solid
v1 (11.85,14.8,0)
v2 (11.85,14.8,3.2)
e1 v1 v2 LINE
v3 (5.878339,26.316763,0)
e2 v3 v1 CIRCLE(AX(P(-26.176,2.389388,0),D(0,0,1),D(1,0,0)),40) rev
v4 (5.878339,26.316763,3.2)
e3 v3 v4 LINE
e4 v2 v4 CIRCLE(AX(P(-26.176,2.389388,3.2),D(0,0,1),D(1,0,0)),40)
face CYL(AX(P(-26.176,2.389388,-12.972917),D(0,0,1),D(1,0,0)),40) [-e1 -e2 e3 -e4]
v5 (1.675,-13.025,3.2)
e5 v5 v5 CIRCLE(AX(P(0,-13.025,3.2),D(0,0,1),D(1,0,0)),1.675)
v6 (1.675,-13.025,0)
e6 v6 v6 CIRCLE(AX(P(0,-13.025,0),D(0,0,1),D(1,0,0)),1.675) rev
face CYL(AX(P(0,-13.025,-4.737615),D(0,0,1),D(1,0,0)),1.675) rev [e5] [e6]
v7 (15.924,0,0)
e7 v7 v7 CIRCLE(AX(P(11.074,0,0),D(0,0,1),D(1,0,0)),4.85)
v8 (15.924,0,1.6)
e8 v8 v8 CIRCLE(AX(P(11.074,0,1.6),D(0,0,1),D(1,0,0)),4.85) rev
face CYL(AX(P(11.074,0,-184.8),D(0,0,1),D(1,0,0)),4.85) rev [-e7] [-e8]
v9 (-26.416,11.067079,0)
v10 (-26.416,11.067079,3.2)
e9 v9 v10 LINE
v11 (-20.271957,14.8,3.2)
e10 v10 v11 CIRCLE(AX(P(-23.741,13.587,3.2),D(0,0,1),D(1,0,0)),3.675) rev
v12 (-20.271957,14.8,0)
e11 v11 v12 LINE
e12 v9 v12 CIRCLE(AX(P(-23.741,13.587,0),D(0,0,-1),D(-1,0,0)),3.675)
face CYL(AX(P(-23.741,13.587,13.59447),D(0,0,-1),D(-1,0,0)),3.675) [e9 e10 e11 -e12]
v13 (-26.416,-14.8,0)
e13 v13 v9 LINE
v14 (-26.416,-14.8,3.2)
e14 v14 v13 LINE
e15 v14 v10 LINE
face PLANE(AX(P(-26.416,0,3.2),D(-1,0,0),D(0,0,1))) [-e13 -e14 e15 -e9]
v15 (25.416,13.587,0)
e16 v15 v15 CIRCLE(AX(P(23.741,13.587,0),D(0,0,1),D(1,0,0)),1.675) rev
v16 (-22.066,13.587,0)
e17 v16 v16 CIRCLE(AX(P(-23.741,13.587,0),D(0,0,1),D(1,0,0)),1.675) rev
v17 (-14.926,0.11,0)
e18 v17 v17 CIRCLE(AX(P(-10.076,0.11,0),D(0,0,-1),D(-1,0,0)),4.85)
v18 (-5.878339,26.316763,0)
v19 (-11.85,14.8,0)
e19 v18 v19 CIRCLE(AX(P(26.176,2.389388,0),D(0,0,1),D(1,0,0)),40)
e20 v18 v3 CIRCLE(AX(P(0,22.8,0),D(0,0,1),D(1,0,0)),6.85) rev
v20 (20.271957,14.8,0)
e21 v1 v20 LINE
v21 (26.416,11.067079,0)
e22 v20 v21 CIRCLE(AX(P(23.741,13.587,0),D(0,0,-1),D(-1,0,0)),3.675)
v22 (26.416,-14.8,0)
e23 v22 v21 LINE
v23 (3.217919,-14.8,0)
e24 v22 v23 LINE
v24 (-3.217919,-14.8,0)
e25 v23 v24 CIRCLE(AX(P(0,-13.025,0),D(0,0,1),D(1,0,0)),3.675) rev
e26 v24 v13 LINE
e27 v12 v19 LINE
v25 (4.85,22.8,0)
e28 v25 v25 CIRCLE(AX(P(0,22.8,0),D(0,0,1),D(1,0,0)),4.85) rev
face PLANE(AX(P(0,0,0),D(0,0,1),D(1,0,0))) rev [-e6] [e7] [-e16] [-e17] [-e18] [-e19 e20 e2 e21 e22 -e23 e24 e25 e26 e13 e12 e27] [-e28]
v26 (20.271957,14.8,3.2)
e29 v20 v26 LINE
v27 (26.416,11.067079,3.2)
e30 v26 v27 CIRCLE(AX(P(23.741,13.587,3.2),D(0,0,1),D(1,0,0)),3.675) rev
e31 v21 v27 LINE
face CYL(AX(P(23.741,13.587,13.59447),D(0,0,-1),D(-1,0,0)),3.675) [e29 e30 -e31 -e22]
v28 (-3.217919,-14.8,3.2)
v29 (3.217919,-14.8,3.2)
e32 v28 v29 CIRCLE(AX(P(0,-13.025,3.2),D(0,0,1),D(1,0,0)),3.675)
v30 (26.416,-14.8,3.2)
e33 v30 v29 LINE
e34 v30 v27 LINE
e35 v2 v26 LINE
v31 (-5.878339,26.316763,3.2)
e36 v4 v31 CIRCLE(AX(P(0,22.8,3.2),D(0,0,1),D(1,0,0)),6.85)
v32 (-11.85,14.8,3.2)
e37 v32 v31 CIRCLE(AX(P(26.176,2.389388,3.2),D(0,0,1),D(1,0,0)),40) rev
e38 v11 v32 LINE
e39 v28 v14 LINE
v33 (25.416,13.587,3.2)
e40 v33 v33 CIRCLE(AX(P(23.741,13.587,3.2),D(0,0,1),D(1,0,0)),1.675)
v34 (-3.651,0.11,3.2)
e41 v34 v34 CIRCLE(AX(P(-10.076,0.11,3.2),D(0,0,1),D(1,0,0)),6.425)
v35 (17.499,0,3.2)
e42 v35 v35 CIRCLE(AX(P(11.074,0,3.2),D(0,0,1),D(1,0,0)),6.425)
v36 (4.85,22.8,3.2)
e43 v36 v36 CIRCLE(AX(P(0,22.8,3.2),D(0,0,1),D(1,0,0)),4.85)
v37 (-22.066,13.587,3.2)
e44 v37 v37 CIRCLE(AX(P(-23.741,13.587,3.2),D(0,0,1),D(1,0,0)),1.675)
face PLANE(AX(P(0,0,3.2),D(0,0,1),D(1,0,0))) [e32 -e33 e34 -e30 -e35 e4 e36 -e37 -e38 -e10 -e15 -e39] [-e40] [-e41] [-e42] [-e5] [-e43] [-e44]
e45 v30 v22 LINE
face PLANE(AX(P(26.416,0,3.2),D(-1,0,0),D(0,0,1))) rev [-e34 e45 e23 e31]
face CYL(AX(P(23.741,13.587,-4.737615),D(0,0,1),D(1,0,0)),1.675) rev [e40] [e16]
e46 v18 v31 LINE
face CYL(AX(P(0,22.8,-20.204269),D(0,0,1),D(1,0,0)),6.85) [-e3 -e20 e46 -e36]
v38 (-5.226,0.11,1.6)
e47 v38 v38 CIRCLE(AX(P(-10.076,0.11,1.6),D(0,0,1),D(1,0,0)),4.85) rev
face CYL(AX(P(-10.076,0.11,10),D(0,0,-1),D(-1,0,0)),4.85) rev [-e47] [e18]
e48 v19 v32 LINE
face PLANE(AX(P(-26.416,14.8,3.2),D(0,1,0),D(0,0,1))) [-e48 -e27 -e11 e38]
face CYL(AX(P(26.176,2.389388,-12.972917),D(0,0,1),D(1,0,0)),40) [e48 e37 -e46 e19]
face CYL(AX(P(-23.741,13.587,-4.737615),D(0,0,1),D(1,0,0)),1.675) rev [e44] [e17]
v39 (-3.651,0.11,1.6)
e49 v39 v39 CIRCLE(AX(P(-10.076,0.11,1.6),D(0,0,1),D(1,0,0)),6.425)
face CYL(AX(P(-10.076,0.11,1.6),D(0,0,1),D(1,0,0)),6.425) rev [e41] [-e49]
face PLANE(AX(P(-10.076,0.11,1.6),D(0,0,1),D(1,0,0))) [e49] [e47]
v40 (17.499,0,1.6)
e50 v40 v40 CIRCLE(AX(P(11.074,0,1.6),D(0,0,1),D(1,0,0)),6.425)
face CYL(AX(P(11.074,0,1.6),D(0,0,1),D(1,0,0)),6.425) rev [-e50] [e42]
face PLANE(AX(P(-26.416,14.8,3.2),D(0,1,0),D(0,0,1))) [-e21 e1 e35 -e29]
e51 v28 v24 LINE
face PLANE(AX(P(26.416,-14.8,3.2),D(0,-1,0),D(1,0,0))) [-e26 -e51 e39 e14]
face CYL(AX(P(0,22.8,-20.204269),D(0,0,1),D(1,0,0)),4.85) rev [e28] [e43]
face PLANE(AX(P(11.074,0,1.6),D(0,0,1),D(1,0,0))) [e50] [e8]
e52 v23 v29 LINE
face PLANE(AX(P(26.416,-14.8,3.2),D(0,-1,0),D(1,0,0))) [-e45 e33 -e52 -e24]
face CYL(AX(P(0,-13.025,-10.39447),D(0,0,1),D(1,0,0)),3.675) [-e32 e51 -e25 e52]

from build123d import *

# Parameters (mm, degrees)
SKETCH1_W            = 6.266
SKETCH1_H            = 19.6
SKETCH1_R            = 1.475
SKETCH1_W_2          = 52.832
SKETCH1_H_2          = 5
BOSS_EXTRUDE2_DEPTH  = 3.2
SKETCH3_R            = 6.85
SKETCH3_R_2          = 4.85
BOSS_EXTRUDE3_DEPTH  = 5.975
SKETCH5_R            = 6.85
CUT_EXTRUDE2_DEPTH   = 2.4892
SKETCH10_R           = 6.846
BOSS_EXTRUDE10_DEPTH = 3.4858
SKETCH11_W           = 13.7
SKETCH11_H           = 5
BOSS_EXTRUDE11_DEPTH = 5.975
SKETCH15_W           = 52.832
SKETCH15_H           = 29.6
BOSS_EXTRUDE13_DEPTH = 3.2
SKETCH18_R           = 4.85
CUT_EXTRUDE9_DEPTH   = 32.638989886
SKETCH17_W           = 26.060927771
SKETCH17_H           = 40.585710908
CUT_EXTRUDE10_DEPTH  = 5.975
SKETCH12_W           = 52.832
SKETCH12_H           = 29.6
BOSS_EXTRUDE12_DEPTH = 3.2
SKETCH13_R           = 4.85
CUT_EXTRUDE3_DEPTH   = 10
SKETCH19_R           = 1.675
CUT_EXTRUDE11_DEPTH  = 3.2
SKETCH20_R           = 3.675
SKETCH20_R_2         = 1.675
BOSS_EXTRUDE14_DEPTH = 3.2
BOSS_EXTRUDE15_START = -3.2
SKETCH21_R           = 3.675
SKETCH21_R_2         = 1.675
BOSS_EXTRUDE15_DEPTH = 3.2
SKETCH27_R           = 4.85
CUT_EXTRUDE18_DEPTH  = 188
SKETCH30_R           = 6.85
SKETCH30_R_2         = 4.85
BOSS_EXTRUDE17_DEPTH = 3.2
BOSS_EXTRUDE18_DEPTH = 3.2
SKETCH32_R           = 6.425
CUT_EXTRUDE19_DEPTH  = 1.6


with BuildPart() as part:
    # Sketch1 → Boss-Extrude2 (new body)
    # profile 1 of 4: a face of its own
    with BuildSketch(Plane.XY):
        with Locations((-23.283, 0)):
            Rectangle(SKETCH1_W, SKETCH1_H)
        with Locations((-23.95, -4.974)):
            Circle(SKETCH1_R, mode=Mode.SUBTRACT)
        with Locations((-23.95, 4.974)):
            Circle(SKETCH1_R, mode=Mode.SUBTRACT)
    # profile 2 of 4: a face of its own
    with BuildSketch(Plane.XY):
        with Locations((23.283, 0)):
            Rectangle(SKETCH1_W, SKETCH1_H)
        with Locations((23.95, -4.974)):
            Circle(SKETCH1_R, mode=Mode.SUBTRACT)
        with Locations((23.95, 4.974)):
            Circle(SKETCH1_R, mode=Mode.SUBTRACT)
    # profile 3 of 4: a face of its own
    with BuildSketch(Plane.XY):
        with Locations((0, 12.3)):
            Rectangle(SKETCH1_W_2, SKETCH1_H_2)
    # profile 4 of 4: a face of its own
    with BuildSketch(Plane.XY):
        with Locations((0, -12.3)):
            Rectangle(SKETCH1_W_2, SKETCH1_H_2)
    extrude(amount=BOSS_EXTRUDE2_DEPTH)



with BuildPart() as body_2:
    # Sketch3 → Boss-Extrude3 (new body)
    with BuildSketch(Plane(origin=(0, 0, 0), x_dir=(-1, 0, 0), z_dir=(0, 0, -1))):
        with Locations(Location((10.076, 0.11, 0), (0, 0, 180))):
            Circle(SKETCH3_R)
        with Locations(Location((10.076, 0.11, 0), (0, 0, 180))):
            Circle(SKETCH3_R_2, mode=Mode.SUBTRACT)
    extrude(amount=BOSS_EXTRUDE3_DEPTH)

    # Sketch5 → Cut-Extrude2 (cut)
    with BuildSketch(Plane.XY):
        with Locations((-10.076, 0.11)):
            Circle(SKETCH5_R)
    extrude(amount=-CUT_EXTRUDE2_DEPTH, mode=Mode.SUBTRACT)

    # Sketch10 → Boss-Extrude10 (add)
    with BuildSketch(Plane(origin=(0, 0, -5.975), x_dir=(-1, 0, 0), z_dir=(0, 0, -1))):
        Polygon((16.93, -14.8), (16.93, 14.8), (3.23, 14.8), (3.23, 0.11), (3.23, -14.8), align=None)
        with Locations((10.076, 0.11)):
            Circle(SKETCH10_R, mode=Mode.SUBTRACT)
    extrude(amount=-BOSS_EXTRUDE10_DEPTH)


with BuildPart() as boss_extrude10_kept_piece:
    # of the separate pieces the step leaves, the one the design keeps (boss_extrude10_pieces_kept)
    add(body_2.part.solids().sort_by_distance((-3.23, -0.124059821, -5.975))[0])


with BuildPart() as part_1:
    add(part.part)

    add(boss_extrude10_kept_piece.part)  # Boss-Extrude11 merges Boss-Extrude10 kept piece
    # Sketch11 → Boss-Extrude11 (add)
    with BuildSketch(Plane(origin=(0, 0, -5.975), x_dir=(-1, 0, 0), z_dir=(0, 0, -1))):
        with Locations((10.08, 12.3)):
            Rectangle(SKETCH11_W, SKETCH11_H)
        with Locations((10.08, -12.3)):
            Rectangle(SKETCH11_W, SKETCH11_H)
    extrude(amount=-BOSS_EXTRUDE11_DEPTH)

    # Sketch15 → Boss-Extrude13 (add)
    with BuildSketch(Plane(origin=(0, 0, 0), x_dir=(-1, 0, 0), z_dir=(0, 0, -1))):
        Rectangle(SKETCH15_W, SKETCH15_H)
    extrude(amount=-BOSS_EXTRUDE13_DEPTH)

    # Sketch18 → Cut-Extrude9 (cut, through all)
    with BuildSketch(Plane(origin=(0, 0, -5.975), x_dir=(-1, 0, 0), z_dir=(0, 0, -1))):
        with Locations(Location((10.076, 0.11, 0), (0, 0, 180))):
            Circle(SKETCH18_R)
    extrude(amount=-CUT_EXTRUDE9_DEPTH, mode=Mode.SUBTRACT)

    # Sketch17 → Cut-Extrude10 (cut)
    with BuildSketch(Plane(origin=(0, 0, -5.975), x_dir=(-1, 0, 0), z_dir=(0, 0, -1))):
        with Locations((8.607278897, -0.029886385)):
            Rectangle(SKETCH17_W, SKETCH17_H)
    extrude(amount=-CUT_EXTRUDE10_DEPTH, mode=Mode.SUBTRACT)

    # Sketch12 → Boss-Extrude12 (add)
    with BuildSketch(Plane.XY.offset(3.2)):
        Rectangle(SKETCH12_W, SKETCH12_H)
    extrude(amount=-BOSS_EXTRUDE12_DEPTH)

    # Sketch13 → Cut-Extrude3 (cut)
    with BuildSketch(Plane(origin=(0, 0, 0), x_dir=(-1, 0, 0), z_dir=(0, 0, -1))):
        with Locations((10.076, 0.11)):
            Circle(SKETCH13_R)
    extrude(amount=-CUT_EXTRUDE3_DEPTH, mode=Mode.SUBTRACT)

    # Sketch19 → Cut-Extrude11 (cut)
    with BuildSketch(Plane.XY.offset(3.2)):
        with Locations((0, -13.025)):
            Circle(SKETCH19_R)
        with Locations((-23.741, 13.587)):
            Circle(SKETCH19_R)
        with Locations((23.741, 13.587)):
            Circle(SKETCH19_R)
    extrude(amount=-CUT_EXTRUDE11_DEPTH, mode=Mode.SUBTRACT)

    # Sketch20 → Boss-Extrude14 (add)
    with BuildSketch(Plane.XY.offset(3.2)):
        with Locations((0, -13.025)):
            Circle(SKETCH20_R)
        with Locations((0, -13.025)):
            Circle(SKETCH20_R_2, mode=Mode.SUBTRACT)
    extrude(amount=-BOSS_EXTRUDE14_DEPTH)

    # Sketch21 → Boss-Extrude15 (add)
    # profile 1 of 2: a face of its own
    with BuildSketch(Plane(origin=(0, 0, 0), x_dir=(-1, 0, 0), z_dir=(0, 0, -1)).offset(BOSS_EXTRUDE15_START)):
        with Locations((23.741, 13.587)):
            Circle(SKETCH21_R)
        with Locations(Location((23.741, 13.587, 0), (0, 0, 180))):
            Circle(SKETCH21_R_2, mode=Mode.SUBTRACT)
    # profile 2 of 2: a face of its own
    with BuildSketch(Plane(origin=(0, 0, 0), x_dir=(-1, 0, 0), z_dir=(0, 0, -1)).offset(BOSS_EXTRUDE15_START)):
        with Locations((-23.741, 13.587)):
            Circle(SKETCH21_R)
        with Locations(Location((-23.741, 13.587, 0), (0, 0, 180))):
            Circle(SKETCH21_R_2, mode=Mode.SUBTRACT)
    extrude(amount=BOSS_EXTRUDE15_DEPTH)

    # Sketch27 → Cut-Extrude18 (cut)
    with BuildSketch(Plane.XY.offset(3.2)):
        with Locations((11.074, 0)):
            Circle(SKETCH27_R)
    extrude(amount=-CUT_EXTRUDE18_DEPTH, mode=Mode.SUBTRACT)

    # Sketch30 → Boss-Extrude17 (add)
    # profile 1 of 2: a face of its own
    with BuildSketch(Plane.XY.offset(3.2)):
        with Locations((0, 22.8)):
            Circle(SKETCH30_R)
        with Locations((0, 22.8)):
            Circle(SKETCH30_R_2, mode=Mode.SUBTRACT)
    # profile 2 of 2: a face of its own
    with BuildSketch(Plane.XY.offset(3.2)):
        with BuildLine():
            ThreePointArc((6.85, 22.8), (0, 15.95), (-6.85, 22.8))
            Line((-6.85, 22.8), (-6.85, 14.8))
            Line((-6.85, 14.8), (6.85, 14.8))
            Line((6.85, 14.8), (6.85, 22.8))
        make_face()
    extrude(amount=-BOSS_EXTRUDE17_DEPTH)

    # Sketch31 → Boss-Extrude18 (add)
    with BuildSketch(Plane.XY.offset(3.2)):
        with BuildLine():
            Line((-6.85, 14.8), (-6.85, 22.8))
            ThreePointArc((-6.85, 22.8), (-6.602617872, 24.624263479), (-5.878339492, 26.316763401))
            ThreePointArc((-5.878339492, 26.316763401), (-9.334173967, 20.802087814), (-11.85, 14.8))
            Line((-11.85, 14.8), (-6.85, 14.8))
        make_face()
        with BuildLine():
            ThreePointArc((5.878339492, 26.316763401), (6.602617872, 24.624263479), (6.85, 22.8))
            Line((6.85, 22.8), (6.85, 14.8))
            Line((6.85, 14.8), (11.85, 14.8))
            ThreePointArc((11.85, 14.8), (9.334173967, 20.802087814), (5.878339492, 26.316763401))
        make_face()
    extrude(amount=-BOSS_EXTRUDE18_DEPTH)

    # Sketch32 → Cut-Extrude19 (cut)
    with BuildSketch(Plane.XY.offset(3.2)):
        with Locations((-10.076, 0.11)):
            Circle(SKETCH32_R)
        with Locations((11.074, 0)):
            Circle(SKETCH32_R)
    extrude(amount=-CUT_EXTRUDE19_DEPTH, mode=Mode.SUBTRACT)


solid = part_1.part
